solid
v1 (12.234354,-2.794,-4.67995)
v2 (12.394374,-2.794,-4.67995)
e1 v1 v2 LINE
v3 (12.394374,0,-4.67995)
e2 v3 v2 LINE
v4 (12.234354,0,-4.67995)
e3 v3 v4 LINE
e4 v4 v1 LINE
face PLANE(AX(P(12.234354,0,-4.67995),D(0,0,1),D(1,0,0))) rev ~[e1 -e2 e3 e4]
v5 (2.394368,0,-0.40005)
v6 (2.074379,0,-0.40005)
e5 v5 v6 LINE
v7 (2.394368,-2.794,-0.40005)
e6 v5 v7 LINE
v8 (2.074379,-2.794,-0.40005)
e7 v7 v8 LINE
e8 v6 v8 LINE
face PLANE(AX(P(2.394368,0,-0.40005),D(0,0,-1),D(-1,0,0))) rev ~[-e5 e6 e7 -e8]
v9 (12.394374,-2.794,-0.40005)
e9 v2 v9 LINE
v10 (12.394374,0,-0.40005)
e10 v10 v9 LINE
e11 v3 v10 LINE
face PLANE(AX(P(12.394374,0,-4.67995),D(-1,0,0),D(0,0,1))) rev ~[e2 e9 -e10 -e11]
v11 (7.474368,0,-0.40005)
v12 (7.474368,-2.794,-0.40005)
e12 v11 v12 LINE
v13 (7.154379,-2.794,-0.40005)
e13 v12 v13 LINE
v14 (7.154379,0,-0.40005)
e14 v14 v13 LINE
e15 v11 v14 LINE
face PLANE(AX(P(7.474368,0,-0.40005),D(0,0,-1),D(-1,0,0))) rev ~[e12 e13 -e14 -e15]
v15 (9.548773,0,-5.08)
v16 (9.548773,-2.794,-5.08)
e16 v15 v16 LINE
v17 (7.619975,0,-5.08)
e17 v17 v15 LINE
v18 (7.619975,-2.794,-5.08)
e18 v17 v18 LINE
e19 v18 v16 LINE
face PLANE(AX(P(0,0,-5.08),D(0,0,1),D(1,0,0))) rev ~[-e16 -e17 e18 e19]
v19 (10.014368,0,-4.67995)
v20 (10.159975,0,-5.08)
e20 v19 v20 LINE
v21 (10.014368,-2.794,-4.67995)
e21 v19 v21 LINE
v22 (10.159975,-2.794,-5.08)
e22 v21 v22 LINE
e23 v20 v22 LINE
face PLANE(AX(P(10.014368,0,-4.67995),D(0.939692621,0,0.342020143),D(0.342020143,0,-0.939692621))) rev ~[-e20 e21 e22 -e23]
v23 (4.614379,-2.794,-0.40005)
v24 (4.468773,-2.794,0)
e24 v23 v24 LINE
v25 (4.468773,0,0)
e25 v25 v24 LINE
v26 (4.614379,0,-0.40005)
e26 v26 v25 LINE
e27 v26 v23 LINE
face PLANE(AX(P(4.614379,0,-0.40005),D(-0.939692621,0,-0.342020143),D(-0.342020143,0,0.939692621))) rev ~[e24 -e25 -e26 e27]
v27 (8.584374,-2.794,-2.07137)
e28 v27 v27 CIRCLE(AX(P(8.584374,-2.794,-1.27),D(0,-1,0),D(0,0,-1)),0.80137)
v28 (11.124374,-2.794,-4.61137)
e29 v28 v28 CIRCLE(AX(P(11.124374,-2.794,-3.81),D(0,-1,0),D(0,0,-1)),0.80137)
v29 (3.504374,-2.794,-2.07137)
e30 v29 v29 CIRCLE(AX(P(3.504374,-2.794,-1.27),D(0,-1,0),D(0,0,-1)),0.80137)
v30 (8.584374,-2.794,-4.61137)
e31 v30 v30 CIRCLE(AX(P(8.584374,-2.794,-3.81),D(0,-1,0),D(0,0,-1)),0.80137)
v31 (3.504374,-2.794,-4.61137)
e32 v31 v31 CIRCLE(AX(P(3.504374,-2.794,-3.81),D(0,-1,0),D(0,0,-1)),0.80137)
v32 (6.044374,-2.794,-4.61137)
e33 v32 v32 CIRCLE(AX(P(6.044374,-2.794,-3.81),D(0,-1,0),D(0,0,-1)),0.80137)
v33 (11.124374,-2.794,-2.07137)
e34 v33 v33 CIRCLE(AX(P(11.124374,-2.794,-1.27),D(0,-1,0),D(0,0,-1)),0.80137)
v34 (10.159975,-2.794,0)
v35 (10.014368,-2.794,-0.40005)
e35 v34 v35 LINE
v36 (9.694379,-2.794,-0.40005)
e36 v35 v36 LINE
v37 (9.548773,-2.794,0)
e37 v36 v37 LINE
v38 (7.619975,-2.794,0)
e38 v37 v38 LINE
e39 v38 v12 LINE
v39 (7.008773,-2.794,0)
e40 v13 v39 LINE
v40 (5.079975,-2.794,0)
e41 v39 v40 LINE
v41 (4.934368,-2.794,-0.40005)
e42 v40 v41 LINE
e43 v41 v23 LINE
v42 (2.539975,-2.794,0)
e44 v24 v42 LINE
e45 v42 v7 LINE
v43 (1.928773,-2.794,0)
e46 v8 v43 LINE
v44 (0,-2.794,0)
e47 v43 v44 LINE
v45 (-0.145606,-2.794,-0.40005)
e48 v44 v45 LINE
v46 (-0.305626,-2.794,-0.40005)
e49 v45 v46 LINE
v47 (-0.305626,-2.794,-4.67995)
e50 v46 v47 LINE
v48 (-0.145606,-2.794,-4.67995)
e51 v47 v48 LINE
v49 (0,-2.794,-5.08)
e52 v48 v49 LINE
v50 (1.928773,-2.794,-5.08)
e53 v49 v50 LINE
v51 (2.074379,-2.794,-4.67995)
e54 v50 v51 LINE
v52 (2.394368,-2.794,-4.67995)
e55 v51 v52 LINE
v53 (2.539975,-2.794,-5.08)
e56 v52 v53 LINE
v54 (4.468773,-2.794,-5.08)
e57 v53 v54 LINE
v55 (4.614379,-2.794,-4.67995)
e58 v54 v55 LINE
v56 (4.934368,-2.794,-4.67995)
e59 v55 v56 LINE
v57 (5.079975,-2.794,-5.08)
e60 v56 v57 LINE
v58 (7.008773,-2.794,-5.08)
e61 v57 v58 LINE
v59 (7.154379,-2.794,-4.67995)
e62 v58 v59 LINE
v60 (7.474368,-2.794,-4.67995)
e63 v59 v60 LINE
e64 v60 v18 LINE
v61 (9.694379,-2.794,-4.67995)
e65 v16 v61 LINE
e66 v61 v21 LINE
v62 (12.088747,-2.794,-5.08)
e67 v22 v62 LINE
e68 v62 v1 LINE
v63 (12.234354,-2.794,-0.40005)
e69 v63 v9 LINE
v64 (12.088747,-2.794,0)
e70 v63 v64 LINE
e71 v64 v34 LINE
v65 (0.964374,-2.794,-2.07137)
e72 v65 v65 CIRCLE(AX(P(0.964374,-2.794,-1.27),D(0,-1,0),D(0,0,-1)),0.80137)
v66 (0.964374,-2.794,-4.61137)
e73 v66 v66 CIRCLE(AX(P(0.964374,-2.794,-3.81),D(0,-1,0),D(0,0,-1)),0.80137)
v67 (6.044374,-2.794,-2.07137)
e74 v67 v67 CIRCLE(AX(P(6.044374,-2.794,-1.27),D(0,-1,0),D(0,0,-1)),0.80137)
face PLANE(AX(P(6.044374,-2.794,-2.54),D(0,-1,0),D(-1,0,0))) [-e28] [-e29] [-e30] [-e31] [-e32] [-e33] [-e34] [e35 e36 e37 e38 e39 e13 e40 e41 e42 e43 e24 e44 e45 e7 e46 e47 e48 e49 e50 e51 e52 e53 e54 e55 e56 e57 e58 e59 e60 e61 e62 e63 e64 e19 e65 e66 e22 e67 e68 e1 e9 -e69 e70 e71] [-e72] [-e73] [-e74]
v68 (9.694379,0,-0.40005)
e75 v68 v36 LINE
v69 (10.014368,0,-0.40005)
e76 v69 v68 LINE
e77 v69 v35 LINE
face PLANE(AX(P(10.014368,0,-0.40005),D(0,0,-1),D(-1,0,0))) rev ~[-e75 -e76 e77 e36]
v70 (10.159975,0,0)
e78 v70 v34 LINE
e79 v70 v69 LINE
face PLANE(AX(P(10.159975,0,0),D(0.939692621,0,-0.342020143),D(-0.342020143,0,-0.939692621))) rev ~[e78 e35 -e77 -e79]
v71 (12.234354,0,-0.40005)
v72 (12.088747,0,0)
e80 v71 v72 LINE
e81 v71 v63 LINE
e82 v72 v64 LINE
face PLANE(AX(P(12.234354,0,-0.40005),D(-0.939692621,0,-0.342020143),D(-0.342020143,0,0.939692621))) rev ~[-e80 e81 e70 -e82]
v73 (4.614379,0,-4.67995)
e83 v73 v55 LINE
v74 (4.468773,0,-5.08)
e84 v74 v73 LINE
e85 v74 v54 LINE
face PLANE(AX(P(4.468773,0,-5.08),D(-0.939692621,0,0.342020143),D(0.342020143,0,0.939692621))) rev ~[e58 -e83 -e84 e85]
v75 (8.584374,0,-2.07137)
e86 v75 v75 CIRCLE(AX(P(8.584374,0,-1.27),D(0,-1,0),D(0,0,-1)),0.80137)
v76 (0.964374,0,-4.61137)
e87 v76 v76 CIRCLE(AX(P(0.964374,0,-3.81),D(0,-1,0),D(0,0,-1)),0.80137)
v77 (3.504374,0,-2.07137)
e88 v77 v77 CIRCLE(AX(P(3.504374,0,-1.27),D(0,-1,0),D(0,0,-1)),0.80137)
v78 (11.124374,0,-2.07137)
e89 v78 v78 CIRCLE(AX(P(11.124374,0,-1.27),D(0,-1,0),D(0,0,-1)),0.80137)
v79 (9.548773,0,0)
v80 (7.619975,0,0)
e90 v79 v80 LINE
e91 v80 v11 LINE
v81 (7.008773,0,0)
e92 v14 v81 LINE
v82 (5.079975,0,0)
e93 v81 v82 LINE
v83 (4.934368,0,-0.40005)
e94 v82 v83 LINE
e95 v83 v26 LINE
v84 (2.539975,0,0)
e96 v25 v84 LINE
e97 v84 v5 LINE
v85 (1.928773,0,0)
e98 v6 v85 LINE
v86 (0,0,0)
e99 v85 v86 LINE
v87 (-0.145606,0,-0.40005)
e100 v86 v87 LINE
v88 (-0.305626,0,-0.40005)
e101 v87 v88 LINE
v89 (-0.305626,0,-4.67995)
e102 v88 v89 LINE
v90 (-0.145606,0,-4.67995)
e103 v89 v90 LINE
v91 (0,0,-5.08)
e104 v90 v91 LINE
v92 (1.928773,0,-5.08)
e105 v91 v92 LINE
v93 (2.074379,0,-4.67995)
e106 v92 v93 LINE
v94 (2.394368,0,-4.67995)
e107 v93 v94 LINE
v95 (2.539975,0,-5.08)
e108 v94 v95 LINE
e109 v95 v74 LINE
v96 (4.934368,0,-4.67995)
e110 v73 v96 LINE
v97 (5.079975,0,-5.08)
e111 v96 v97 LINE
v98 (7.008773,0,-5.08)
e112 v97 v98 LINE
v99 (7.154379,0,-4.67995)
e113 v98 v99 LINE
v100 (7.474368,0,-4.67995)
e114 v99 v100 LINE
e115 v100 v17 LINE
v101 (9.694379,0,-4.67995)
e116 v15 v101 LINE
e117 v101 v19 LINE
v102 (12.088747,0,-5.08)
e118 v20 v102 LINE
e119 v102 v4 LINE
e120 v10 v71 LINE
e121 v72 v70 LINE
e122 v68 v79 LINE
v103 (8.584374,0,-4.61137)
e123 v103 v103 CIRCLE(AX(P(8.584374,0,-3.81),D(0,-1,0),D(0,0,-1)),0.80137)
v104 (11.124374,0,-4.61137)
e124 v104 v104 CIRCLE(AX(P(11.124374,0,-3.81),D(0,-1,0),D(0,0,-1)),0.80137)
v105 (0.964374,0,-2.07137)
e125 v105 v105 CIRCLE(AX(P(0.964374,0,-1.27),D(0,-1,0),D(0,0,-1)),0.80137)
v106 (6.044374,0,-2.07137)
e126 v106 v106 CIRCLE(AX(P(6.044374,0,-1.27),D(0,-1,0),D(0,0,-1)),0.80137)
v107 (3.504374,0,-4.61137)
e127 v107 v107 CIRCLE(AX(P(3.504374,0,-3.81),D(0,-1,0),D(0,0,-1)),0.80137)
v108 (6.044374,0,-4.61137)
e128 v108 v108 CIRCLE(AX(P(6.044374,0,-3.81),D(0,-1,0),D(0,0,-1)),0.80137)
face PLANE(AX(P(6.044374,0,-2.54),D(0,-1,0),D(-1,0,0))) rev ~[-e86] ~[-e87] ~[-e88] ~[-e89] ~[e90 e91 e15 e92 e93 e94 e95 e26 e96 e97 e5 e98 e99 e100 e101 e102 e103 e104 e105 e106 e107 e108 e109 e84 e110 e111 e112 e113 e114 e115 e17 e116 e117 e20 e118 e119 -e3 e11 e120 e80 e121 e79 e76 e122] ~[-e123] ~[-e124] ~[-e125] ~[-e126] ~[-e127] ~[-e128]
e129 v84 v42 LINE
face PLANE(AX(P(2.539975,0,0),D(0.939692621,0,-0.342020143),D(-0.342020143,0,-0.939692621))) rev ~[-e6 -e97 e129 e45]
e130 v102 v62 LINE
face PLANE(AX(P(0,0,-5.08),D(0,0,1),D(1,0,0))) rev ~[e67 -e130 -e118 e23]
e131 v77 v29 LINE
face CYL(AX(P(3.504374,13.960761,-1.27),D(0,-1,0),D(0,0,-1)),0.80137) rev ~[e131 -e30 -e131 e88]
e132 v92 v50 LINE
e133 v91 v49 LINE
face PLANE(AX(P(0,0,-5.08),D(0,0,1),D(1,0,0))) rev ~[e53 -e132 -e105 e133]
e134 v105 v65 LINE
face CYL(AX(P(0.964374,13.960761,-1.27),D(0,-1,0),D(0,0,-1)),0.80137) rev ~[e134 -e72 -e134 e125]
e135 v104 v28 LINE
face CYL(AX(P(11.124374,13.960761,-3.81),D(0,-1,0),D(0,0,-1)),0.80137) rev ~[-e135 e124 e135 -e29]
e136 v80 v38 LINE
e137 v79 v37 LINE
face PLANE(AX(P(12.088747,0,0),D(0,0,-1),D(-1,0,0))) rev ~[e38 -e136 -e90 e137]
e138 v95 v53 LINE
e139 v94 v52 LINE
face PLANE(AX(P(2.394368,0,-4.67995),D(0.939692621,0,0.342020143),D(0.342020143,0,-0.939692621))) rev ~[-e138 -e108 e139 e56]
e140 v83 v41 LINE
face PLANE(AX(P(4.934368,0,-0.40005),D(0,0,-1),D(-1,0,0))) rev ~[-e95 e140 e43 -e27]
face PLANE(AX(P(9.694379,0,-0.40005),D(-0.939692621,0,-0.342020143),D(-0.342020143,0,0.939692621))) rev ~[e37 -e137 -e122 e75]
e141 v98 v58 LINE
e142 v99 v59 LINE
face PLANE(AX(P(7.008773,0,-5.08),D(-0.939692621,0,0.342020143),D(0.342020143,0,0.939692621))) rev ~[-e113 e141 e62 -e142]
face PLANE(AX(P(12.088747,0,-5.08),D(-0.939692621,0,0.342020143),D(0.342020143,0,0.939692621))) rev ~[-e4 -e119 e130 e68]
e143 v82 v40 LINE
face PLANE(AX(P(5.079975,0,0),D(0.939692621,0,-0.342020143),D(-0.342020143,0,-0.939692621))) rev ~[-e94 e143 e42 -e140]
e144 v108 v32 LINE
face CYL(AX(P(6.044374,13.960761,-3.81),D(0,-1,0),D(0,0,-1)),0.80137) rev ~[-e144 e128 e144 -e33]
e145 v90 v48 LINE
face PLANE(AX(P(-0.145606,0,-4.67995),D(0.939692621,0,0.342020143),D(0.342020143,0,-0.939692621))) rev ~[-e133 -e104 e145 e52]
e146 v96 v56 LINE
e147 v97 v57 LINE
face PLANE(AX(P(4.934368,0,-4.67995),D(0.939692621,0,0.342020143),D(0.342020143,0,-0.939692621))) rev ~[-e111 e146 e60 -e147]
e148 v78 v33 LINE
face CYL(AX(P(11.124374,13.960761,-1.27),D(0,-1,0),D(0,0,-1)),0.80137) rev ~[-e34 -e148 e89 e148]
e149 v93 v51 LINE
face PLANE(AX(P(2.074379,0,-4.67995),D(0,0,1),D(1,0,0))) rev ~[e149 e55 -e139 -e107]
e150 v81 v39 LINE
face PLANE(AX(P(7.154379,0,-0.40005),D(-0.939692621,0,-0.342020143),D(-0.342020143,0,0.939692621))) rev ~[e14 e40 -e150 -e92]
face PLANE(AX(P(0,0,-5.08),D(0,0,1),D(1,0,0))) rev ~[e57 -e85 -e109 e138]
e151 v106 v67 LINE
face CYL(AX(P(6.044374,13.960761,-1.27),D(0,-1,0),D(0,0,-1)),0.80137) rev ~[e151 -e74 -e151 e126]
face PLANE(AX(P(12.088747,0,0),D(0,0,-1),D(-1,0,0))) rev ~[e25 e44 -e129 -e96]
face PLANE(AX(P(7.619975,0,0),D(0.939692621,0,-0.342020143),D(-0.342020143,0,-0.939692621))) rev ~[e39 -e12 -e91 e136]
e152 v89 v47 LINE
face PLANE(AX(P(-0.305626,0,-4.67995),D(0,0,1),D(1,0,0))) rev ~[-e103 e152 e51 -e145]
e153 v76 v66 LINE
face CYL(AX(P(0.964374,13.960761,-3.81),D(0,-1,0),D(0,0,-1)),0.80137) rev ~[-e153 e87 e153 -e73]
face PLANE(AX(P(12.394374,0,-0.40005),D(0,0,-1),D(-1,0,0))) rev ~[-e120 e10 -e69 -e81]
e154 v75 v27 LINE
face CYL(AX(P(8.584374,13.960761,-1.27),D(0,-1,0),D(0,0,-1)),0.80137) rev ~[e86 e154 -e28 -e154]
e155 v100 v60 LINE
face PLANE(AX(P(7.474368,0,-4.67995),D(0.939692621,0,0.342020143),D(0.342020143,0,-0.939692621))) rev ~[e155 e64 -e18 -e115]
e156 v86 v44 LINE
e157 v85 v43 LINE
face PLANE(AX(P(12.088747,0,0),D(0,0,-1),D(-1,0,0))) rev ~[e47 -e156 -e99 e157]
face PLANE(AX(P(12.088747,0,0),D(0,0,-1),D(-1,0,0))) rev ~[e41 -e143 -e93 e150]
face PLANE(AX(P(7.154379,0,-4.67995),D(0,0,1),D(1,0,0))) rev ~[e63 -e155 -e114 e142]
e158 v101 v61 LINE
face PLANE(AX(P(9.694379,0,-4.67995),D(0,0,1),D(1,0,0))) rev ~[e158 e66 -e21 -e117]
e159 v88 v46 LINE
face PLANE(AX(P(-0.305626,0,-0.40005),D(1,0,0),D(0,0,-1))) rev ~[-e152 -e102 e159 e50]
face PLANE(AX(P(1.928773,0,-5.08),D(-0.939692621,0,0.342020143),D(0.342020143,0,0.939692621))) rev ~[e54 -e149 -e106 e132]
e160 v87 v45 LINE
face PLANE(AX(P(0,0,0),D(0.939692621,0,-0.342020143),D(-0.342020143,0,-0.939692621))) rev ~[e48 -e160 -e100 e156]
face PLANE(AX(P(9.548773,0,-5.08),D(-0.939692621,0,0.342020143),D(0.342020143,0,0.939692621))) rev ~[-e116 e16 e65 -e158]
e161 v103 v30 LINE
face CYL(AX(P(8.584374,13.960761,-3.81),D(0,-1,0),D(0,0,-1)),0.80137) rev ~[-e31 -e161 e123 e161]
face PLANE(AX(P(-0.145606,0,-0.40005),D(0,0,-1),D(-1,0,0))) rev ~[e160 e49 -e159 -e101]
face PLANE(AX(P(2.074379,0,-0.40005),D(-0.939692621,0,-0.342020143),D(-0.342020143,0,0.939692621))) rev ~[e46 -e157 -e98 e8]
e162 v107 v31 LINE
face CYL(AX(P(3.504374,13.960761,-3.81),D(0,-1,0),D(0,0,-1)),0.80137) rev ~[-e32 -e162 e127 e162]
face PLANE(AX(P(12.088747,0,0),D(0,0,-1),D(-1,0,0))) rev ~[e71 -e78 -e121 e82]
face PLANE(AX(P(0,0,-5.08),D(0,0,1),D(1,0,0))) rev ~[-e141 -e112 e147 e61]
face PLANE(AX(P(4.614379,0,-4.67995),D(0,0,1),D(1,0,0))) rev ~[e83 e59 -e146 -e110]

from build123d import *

# Parameters (mm, degrees)
EXTRUDE1_DEPTH       = 2.794
HOLE1_D              = 1.60274
EXTRUDE2_DEPTH       = 2.794
LPATTERN1_COUNT      = 5
LPATTERN1_PITCH      = 2.54
LPATTERN1_COUNT_DIR2 = 2
LPATTERN1_PITCH_DIR2 = 2.54
LPATTERN2_COUNT      = 35
LPATTERN2_PITCH      = 2.54


with BuildPart() as part:
    # Sketch1 → Extrude1 (new body)
    with BuildSketch(Plane(origin=(0, 0, 0), x_dir=(1, 0, 0), z_dir=(0, 1, 0))):
        Polygon((12.394373708, 0.40005), (12.234353708, 0.40005), (12.088747416, 0), (0, 0), (-0.145606292, 0.40005), (-0.305626292, 0.40005), (-0.305626292, 4.67995), (-0.145606292, 4.67995), (0, 5.08), (12.088747416, 5.08), (12.234353708, 4.67995), (12.394373708, 4.67995), align=None)
    extrude(amount=-EXTRUDE1_DEPTH)

    # Hole1 (through all)
    with Locations(Plane(origin=(0.964373708, 0, -1.27), x_dir=(0, 0, 1), z_dir=(0, 1, 0))):
        with Locations((0, 0)):
            hole1 = Hole(HOLE1_D / 2)

    # Sketch4 → Extrude2 (cut)
    with BuildSketch(Plane(origin=(0, 0, 0), x_dir=(1, 0, 0), z_dir=(0, 1, 0))):
        Polygon((1.928772816, 0), (2.5399746, 0), (2.394368308, 0.40005), (2.074379108, 0.40005), align=None)
        Polygon((2.074379108, 4.67995), (2.394368308, 4.67995), (2.5399746, 5.08), (1.928772816, 5.08), align=None)
    extrude2 = extrude(amount=-EXTRUDE2_DEPTH, mode=Mode.SUBTRACT)

    # LPattern1: Hole1 5 × 2
    with Locations(*[(i * LPATTERN1_PITCH, 0, -j * LPATTERN1_PITCH_DIR2) for i in range(LPATTERN1_COUNT) for j in range(LPATTERN1_COUNT_DIR2) if (i, j) != (0, 0)]):
        add(hole1, mode=Mode.SUBTRACT)

    # LPattern2: Extrude2 ×35
    with Locations(*[(i * LPATTERN2_PITCH, 0, 0) for i in range(1, LPATTERN2_COUNT)]):
        add(extrude2, mode=Mode.SUBTRACT)


solid = part.part
